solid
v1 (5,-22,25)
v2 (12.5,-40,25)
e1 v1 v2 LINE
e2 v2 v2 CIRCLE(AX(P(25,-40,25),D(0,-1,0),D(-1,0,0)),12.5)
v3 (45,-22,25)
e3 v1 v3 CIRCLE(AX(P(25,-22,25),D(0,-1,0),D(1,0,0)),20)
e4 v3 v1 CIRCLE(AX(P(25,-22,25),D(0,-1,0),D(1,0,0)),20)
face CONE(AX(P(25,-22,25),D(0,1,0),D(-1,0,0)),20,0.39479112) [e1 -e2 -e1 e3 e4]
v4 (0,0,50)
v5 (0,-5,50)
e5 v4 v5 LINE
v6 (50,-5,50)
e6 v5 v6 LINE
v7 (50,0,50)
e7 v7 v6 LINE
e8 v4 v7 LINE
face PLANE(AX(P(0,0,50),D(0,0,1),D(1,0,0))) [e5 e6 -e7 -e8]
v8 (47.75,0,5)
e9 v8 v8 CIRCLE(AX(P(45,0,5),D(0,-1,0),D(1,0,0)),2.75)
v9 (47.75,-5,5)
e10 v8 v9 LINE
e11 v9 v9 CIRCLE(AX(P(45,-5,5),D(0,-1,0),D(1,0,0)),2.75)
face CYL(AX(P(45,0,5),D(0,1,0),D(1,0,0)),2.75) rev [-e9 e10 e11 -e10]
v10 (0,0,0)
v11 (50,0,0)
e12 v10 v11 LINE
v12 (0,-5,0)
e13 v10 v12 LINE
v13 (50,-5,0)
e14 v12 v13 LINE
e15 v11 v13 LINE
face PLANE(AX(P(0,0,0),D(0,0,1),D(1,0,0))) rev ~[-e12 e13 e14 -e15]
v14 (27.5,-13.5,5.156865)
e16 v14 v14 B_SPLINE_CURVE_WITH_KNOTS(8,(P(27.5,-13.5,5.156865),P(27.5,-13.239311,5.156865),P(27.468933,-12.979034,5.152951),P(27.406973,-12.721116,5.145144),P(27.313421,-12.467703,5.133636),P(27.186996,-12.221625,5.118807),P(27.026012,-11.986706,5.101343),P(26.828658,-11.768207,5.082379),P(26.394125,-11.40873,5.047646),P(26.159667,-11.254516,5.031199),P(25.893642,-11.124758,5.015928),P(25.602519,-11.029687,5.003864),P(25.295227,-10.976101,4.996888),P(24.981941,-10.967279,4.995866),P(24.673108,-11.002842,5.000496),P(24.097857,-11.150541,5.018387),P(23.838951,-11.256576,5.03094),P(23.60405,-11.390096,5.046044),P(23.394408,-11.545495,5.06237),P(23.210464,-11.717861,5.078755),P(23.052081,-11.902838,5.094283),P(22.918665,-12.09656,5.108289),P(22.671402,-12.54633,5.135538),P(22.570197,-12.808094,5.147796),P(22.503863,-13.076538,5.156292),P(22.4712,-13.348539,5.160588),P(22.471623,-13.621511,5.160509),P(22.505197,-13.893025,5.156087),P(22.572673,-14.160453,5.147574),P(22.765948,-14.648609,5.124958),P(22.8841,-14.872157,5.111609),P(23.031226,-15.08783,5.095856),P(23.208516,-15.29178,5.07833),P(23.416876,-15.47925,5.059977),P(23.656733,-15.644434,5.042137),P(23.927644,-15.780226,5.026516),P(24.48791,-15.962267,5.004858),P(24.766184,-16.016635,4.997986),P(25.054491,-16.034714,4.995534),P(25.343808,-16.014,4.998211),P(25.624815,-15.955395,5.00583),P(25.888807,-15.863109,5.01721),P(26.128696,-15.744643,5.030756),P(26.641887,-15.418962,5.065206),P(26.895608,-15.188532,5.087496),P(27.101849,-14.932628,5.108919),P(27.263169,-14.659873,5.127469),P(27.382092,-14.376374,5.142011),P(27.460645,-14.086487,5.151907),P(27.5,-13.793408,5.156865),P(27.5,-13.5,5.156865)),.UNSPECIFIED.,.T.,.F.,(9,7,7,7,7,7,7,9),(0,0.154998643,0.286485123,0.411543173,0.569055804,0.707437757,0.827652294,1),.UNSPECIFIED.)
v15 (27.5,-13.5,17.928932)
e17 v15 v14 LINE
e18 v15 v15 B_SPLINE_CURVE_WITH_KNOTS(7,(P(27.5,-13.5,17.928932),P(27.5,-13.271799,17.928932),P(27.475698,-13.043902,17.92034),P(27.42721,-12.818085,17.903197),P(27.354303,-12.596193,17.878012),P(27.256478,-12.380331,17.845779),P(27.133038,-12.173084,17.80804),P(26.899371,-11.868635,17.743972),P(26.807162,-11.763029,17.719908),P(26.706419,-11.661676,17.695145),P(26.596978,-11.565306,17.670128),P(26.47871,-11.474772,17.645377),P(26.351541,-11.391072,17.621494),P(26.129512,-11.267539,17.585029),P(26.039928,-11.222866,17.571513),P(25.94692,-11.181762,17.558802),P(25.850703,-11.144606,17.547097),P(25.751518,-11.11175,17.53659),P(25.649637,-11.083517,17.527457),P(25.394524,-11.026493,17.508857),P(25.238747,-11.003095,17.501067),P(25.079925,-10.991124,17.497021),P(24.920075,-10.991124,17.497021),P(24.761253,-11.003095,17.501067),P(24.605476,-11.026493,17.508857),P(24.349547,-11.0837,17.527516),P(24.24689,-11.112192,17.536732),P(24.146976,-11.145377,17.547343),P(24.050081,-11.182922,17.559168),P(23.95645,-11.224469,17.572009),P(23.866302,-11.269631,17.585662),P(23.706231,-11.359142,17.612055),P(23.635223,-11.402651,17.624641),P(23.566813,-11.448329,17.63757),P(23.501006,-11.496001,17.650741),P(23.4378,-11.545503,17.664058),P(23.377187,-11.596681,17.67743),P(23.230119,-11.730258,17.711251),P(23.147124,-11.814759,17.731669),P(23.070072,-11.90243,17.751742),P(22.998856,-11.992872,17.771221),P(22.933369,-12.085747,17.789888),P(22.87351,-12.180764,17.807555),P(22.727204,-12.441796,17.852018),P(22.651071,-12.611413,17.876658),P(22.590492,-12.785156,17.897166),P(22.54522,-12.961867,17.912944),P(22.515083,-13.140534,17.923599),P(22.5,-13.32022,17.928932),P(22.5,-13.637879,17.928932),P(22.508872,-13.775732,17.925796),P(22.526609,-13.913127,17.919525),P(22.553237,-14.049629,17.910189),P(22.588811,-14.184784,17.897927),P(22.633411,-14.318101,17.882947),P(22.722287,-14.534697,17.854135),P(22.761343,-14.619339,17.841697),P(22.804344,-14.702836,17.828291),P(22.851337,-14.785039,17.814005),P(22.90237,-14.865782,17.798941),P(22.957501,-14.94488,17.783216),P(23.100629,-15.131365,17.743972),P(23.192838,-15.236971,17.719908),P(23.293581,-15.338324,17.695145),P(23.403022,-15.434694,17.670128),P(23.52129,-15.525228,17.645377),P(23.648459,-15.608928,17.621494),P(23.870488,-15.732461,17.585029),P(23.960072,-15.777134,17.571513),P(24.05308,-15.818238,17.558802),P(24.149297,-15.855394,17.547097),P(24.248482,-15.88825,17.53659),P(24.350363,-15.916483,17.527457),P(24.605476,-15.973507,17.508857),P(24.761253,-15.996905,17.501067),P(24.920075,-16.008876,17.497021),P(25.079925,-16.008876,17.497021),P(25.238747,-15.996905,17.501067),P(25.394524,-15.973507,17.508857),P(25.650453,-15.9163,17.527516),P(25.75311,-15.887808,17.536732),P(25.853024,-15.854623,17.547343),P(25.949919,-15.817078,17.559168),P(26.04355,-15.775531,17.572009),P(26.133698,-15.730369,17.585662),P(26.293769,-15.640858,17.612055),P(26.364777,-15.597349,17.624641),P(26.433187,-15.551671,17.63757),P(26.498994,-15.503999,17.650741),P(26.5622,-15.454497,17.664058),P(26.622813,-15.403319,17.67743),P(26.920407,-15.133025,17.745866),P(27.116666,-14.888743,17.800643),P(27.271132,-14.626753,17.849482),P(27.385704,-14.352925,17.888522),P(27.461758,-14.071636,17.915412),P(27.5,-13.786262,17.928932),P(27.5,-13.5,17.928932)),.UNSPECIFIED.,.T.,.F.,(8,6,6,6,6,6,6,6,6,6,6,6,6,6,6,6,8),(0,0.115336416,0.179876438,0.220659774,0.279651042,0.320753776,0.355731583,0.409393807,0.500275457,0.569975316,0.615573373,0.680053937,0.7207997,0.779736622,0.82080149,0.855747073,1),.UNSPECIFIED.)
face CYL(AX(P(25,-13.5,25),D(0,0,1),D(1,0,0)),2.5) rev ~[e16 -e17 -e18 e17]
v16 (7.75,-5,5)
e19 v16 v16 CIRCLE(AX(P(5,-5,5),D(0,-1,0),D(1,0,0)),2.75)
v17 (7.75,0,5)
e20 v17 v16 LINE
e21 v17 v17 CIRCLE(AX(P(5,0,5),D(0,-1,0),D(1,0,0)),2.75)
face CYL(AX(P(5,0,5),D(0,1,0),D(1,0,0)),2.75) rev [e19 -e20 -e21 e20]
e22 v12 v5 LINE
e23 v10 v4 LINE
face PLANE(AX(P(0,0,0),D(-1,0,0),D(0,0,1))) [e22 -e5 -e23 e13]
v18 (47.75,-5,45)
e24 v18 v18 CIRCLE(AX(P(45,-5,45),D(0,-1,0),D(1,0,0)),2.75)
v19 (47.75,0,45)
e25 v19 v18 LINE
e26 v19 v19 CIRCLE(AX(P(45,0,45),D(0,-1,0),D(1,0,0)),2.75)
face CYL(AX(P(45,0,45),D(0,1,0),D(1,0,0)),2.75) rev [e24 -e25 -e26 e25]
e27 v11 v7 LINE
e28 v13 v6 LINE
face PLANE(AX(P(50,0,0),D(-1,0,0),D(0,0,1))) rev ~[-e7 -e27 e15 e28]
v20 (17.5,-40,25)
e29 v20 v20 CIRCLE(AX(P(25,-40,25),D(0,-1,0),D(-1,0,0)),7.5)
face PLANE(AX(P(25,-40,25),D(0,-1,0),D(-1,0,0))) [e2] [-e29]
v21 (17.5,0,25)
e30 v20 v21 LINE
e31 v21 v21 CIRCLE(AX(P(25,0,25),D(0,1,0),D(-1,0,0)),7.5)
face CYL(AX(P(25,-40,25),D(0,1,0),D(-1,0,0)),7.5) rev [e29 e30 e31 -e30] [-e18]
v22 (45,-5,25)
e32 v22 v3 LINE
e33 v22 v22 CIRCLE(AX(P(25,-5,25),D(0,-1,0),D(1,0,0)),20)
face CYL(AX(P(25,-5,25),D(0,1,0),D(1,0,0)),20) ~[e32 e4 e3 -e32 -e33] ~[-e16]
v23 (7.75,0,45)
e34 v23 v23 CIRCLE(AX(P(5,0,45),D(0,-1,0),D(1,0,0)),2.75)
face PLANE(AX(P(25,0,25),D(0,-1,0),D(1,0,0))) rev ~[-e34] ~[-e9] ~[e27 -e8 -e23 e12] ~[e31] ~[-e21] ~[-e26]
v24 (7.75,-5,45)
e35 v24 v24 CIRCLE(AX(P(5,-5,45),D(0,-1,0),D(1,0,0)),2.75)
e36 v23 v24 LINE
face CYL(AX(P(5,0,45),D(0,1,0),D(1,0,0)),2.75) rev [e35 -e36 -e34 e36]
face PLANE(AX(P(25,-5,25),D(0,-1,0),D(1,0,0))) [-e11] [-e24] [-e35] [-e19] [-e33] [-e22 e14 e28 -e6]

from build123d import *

# Parameters (mm, degrees)
F0_W      = 50
F0_H      = 50
F0_R      = 2.75
F1_DEPTH  = 5
F2_R      = 20
F3_DEPTH  = 17
F7_R      = 7.5
F8_DEPTH  = 40.001
F9_R      = 2.5
F10_DEPTH = 25.001


with BuildPart() as f1:
    # F0 (on Front) → F1 (new body)
    with BuildSketch(Plane.XZ):
        with Locations((25, 25)):
            Rectangle(F0_W, F0_H)
        with Locations((5, 5)):
            Circle(F0_R, mode=Mode.SUBTRACT)
        with Locations((45, 5)):
            Circle(F0_R, mode=Mode.SUBTRACT)
        with Locations((5, 45)):
            Circle(F0_R, mode=Mode.SUBTRACT)
        with Locations((45, 45)):
            Circle(F0_R, mode=Mode.SUBTRACT)
    extrude(amount=F1_DEPTH)

    # F2 (on face) → F3 (join)
    with BuildSketch(Plane.XZ.offset(5)):
        with Locations((25, 25)):
            Circle(F2_R)
    extrude(amount=F3_DEPTH)

    # F5 (on offset) → F6 (revolve)
    with BuildSketch(Plane.XY.offset(25)):
        Polygon((12.5, -40), (17.5, -40), (17.5, -22), (5, -22), align=None)
    revolve(axis=Axis((25, -31, 25), (0, -1, 0)))

    # F7 (on face) → F8 (cut, through all)
    with BuildSketch(Plane(origin=(0, 0, 0), x_dir=(-1, 0, 0), z_dir=(0, 1, 0))):
        with Locations((-25, 25)):
            Circle(F7_R)
    extrude(amount=-F8_DEPTH, mode=Mode.SUBTRACT)

    # F9 (on offset) → F10 (cut, through all)
    with BuildSketch(Plane.XY.offset(25)):
        with Locations((25, -13.5)):
            Circle(F9_R)
    extrude(amount=-F10_DEPTH, mode=Mode.SUBTRACT)


solid = f1.part
